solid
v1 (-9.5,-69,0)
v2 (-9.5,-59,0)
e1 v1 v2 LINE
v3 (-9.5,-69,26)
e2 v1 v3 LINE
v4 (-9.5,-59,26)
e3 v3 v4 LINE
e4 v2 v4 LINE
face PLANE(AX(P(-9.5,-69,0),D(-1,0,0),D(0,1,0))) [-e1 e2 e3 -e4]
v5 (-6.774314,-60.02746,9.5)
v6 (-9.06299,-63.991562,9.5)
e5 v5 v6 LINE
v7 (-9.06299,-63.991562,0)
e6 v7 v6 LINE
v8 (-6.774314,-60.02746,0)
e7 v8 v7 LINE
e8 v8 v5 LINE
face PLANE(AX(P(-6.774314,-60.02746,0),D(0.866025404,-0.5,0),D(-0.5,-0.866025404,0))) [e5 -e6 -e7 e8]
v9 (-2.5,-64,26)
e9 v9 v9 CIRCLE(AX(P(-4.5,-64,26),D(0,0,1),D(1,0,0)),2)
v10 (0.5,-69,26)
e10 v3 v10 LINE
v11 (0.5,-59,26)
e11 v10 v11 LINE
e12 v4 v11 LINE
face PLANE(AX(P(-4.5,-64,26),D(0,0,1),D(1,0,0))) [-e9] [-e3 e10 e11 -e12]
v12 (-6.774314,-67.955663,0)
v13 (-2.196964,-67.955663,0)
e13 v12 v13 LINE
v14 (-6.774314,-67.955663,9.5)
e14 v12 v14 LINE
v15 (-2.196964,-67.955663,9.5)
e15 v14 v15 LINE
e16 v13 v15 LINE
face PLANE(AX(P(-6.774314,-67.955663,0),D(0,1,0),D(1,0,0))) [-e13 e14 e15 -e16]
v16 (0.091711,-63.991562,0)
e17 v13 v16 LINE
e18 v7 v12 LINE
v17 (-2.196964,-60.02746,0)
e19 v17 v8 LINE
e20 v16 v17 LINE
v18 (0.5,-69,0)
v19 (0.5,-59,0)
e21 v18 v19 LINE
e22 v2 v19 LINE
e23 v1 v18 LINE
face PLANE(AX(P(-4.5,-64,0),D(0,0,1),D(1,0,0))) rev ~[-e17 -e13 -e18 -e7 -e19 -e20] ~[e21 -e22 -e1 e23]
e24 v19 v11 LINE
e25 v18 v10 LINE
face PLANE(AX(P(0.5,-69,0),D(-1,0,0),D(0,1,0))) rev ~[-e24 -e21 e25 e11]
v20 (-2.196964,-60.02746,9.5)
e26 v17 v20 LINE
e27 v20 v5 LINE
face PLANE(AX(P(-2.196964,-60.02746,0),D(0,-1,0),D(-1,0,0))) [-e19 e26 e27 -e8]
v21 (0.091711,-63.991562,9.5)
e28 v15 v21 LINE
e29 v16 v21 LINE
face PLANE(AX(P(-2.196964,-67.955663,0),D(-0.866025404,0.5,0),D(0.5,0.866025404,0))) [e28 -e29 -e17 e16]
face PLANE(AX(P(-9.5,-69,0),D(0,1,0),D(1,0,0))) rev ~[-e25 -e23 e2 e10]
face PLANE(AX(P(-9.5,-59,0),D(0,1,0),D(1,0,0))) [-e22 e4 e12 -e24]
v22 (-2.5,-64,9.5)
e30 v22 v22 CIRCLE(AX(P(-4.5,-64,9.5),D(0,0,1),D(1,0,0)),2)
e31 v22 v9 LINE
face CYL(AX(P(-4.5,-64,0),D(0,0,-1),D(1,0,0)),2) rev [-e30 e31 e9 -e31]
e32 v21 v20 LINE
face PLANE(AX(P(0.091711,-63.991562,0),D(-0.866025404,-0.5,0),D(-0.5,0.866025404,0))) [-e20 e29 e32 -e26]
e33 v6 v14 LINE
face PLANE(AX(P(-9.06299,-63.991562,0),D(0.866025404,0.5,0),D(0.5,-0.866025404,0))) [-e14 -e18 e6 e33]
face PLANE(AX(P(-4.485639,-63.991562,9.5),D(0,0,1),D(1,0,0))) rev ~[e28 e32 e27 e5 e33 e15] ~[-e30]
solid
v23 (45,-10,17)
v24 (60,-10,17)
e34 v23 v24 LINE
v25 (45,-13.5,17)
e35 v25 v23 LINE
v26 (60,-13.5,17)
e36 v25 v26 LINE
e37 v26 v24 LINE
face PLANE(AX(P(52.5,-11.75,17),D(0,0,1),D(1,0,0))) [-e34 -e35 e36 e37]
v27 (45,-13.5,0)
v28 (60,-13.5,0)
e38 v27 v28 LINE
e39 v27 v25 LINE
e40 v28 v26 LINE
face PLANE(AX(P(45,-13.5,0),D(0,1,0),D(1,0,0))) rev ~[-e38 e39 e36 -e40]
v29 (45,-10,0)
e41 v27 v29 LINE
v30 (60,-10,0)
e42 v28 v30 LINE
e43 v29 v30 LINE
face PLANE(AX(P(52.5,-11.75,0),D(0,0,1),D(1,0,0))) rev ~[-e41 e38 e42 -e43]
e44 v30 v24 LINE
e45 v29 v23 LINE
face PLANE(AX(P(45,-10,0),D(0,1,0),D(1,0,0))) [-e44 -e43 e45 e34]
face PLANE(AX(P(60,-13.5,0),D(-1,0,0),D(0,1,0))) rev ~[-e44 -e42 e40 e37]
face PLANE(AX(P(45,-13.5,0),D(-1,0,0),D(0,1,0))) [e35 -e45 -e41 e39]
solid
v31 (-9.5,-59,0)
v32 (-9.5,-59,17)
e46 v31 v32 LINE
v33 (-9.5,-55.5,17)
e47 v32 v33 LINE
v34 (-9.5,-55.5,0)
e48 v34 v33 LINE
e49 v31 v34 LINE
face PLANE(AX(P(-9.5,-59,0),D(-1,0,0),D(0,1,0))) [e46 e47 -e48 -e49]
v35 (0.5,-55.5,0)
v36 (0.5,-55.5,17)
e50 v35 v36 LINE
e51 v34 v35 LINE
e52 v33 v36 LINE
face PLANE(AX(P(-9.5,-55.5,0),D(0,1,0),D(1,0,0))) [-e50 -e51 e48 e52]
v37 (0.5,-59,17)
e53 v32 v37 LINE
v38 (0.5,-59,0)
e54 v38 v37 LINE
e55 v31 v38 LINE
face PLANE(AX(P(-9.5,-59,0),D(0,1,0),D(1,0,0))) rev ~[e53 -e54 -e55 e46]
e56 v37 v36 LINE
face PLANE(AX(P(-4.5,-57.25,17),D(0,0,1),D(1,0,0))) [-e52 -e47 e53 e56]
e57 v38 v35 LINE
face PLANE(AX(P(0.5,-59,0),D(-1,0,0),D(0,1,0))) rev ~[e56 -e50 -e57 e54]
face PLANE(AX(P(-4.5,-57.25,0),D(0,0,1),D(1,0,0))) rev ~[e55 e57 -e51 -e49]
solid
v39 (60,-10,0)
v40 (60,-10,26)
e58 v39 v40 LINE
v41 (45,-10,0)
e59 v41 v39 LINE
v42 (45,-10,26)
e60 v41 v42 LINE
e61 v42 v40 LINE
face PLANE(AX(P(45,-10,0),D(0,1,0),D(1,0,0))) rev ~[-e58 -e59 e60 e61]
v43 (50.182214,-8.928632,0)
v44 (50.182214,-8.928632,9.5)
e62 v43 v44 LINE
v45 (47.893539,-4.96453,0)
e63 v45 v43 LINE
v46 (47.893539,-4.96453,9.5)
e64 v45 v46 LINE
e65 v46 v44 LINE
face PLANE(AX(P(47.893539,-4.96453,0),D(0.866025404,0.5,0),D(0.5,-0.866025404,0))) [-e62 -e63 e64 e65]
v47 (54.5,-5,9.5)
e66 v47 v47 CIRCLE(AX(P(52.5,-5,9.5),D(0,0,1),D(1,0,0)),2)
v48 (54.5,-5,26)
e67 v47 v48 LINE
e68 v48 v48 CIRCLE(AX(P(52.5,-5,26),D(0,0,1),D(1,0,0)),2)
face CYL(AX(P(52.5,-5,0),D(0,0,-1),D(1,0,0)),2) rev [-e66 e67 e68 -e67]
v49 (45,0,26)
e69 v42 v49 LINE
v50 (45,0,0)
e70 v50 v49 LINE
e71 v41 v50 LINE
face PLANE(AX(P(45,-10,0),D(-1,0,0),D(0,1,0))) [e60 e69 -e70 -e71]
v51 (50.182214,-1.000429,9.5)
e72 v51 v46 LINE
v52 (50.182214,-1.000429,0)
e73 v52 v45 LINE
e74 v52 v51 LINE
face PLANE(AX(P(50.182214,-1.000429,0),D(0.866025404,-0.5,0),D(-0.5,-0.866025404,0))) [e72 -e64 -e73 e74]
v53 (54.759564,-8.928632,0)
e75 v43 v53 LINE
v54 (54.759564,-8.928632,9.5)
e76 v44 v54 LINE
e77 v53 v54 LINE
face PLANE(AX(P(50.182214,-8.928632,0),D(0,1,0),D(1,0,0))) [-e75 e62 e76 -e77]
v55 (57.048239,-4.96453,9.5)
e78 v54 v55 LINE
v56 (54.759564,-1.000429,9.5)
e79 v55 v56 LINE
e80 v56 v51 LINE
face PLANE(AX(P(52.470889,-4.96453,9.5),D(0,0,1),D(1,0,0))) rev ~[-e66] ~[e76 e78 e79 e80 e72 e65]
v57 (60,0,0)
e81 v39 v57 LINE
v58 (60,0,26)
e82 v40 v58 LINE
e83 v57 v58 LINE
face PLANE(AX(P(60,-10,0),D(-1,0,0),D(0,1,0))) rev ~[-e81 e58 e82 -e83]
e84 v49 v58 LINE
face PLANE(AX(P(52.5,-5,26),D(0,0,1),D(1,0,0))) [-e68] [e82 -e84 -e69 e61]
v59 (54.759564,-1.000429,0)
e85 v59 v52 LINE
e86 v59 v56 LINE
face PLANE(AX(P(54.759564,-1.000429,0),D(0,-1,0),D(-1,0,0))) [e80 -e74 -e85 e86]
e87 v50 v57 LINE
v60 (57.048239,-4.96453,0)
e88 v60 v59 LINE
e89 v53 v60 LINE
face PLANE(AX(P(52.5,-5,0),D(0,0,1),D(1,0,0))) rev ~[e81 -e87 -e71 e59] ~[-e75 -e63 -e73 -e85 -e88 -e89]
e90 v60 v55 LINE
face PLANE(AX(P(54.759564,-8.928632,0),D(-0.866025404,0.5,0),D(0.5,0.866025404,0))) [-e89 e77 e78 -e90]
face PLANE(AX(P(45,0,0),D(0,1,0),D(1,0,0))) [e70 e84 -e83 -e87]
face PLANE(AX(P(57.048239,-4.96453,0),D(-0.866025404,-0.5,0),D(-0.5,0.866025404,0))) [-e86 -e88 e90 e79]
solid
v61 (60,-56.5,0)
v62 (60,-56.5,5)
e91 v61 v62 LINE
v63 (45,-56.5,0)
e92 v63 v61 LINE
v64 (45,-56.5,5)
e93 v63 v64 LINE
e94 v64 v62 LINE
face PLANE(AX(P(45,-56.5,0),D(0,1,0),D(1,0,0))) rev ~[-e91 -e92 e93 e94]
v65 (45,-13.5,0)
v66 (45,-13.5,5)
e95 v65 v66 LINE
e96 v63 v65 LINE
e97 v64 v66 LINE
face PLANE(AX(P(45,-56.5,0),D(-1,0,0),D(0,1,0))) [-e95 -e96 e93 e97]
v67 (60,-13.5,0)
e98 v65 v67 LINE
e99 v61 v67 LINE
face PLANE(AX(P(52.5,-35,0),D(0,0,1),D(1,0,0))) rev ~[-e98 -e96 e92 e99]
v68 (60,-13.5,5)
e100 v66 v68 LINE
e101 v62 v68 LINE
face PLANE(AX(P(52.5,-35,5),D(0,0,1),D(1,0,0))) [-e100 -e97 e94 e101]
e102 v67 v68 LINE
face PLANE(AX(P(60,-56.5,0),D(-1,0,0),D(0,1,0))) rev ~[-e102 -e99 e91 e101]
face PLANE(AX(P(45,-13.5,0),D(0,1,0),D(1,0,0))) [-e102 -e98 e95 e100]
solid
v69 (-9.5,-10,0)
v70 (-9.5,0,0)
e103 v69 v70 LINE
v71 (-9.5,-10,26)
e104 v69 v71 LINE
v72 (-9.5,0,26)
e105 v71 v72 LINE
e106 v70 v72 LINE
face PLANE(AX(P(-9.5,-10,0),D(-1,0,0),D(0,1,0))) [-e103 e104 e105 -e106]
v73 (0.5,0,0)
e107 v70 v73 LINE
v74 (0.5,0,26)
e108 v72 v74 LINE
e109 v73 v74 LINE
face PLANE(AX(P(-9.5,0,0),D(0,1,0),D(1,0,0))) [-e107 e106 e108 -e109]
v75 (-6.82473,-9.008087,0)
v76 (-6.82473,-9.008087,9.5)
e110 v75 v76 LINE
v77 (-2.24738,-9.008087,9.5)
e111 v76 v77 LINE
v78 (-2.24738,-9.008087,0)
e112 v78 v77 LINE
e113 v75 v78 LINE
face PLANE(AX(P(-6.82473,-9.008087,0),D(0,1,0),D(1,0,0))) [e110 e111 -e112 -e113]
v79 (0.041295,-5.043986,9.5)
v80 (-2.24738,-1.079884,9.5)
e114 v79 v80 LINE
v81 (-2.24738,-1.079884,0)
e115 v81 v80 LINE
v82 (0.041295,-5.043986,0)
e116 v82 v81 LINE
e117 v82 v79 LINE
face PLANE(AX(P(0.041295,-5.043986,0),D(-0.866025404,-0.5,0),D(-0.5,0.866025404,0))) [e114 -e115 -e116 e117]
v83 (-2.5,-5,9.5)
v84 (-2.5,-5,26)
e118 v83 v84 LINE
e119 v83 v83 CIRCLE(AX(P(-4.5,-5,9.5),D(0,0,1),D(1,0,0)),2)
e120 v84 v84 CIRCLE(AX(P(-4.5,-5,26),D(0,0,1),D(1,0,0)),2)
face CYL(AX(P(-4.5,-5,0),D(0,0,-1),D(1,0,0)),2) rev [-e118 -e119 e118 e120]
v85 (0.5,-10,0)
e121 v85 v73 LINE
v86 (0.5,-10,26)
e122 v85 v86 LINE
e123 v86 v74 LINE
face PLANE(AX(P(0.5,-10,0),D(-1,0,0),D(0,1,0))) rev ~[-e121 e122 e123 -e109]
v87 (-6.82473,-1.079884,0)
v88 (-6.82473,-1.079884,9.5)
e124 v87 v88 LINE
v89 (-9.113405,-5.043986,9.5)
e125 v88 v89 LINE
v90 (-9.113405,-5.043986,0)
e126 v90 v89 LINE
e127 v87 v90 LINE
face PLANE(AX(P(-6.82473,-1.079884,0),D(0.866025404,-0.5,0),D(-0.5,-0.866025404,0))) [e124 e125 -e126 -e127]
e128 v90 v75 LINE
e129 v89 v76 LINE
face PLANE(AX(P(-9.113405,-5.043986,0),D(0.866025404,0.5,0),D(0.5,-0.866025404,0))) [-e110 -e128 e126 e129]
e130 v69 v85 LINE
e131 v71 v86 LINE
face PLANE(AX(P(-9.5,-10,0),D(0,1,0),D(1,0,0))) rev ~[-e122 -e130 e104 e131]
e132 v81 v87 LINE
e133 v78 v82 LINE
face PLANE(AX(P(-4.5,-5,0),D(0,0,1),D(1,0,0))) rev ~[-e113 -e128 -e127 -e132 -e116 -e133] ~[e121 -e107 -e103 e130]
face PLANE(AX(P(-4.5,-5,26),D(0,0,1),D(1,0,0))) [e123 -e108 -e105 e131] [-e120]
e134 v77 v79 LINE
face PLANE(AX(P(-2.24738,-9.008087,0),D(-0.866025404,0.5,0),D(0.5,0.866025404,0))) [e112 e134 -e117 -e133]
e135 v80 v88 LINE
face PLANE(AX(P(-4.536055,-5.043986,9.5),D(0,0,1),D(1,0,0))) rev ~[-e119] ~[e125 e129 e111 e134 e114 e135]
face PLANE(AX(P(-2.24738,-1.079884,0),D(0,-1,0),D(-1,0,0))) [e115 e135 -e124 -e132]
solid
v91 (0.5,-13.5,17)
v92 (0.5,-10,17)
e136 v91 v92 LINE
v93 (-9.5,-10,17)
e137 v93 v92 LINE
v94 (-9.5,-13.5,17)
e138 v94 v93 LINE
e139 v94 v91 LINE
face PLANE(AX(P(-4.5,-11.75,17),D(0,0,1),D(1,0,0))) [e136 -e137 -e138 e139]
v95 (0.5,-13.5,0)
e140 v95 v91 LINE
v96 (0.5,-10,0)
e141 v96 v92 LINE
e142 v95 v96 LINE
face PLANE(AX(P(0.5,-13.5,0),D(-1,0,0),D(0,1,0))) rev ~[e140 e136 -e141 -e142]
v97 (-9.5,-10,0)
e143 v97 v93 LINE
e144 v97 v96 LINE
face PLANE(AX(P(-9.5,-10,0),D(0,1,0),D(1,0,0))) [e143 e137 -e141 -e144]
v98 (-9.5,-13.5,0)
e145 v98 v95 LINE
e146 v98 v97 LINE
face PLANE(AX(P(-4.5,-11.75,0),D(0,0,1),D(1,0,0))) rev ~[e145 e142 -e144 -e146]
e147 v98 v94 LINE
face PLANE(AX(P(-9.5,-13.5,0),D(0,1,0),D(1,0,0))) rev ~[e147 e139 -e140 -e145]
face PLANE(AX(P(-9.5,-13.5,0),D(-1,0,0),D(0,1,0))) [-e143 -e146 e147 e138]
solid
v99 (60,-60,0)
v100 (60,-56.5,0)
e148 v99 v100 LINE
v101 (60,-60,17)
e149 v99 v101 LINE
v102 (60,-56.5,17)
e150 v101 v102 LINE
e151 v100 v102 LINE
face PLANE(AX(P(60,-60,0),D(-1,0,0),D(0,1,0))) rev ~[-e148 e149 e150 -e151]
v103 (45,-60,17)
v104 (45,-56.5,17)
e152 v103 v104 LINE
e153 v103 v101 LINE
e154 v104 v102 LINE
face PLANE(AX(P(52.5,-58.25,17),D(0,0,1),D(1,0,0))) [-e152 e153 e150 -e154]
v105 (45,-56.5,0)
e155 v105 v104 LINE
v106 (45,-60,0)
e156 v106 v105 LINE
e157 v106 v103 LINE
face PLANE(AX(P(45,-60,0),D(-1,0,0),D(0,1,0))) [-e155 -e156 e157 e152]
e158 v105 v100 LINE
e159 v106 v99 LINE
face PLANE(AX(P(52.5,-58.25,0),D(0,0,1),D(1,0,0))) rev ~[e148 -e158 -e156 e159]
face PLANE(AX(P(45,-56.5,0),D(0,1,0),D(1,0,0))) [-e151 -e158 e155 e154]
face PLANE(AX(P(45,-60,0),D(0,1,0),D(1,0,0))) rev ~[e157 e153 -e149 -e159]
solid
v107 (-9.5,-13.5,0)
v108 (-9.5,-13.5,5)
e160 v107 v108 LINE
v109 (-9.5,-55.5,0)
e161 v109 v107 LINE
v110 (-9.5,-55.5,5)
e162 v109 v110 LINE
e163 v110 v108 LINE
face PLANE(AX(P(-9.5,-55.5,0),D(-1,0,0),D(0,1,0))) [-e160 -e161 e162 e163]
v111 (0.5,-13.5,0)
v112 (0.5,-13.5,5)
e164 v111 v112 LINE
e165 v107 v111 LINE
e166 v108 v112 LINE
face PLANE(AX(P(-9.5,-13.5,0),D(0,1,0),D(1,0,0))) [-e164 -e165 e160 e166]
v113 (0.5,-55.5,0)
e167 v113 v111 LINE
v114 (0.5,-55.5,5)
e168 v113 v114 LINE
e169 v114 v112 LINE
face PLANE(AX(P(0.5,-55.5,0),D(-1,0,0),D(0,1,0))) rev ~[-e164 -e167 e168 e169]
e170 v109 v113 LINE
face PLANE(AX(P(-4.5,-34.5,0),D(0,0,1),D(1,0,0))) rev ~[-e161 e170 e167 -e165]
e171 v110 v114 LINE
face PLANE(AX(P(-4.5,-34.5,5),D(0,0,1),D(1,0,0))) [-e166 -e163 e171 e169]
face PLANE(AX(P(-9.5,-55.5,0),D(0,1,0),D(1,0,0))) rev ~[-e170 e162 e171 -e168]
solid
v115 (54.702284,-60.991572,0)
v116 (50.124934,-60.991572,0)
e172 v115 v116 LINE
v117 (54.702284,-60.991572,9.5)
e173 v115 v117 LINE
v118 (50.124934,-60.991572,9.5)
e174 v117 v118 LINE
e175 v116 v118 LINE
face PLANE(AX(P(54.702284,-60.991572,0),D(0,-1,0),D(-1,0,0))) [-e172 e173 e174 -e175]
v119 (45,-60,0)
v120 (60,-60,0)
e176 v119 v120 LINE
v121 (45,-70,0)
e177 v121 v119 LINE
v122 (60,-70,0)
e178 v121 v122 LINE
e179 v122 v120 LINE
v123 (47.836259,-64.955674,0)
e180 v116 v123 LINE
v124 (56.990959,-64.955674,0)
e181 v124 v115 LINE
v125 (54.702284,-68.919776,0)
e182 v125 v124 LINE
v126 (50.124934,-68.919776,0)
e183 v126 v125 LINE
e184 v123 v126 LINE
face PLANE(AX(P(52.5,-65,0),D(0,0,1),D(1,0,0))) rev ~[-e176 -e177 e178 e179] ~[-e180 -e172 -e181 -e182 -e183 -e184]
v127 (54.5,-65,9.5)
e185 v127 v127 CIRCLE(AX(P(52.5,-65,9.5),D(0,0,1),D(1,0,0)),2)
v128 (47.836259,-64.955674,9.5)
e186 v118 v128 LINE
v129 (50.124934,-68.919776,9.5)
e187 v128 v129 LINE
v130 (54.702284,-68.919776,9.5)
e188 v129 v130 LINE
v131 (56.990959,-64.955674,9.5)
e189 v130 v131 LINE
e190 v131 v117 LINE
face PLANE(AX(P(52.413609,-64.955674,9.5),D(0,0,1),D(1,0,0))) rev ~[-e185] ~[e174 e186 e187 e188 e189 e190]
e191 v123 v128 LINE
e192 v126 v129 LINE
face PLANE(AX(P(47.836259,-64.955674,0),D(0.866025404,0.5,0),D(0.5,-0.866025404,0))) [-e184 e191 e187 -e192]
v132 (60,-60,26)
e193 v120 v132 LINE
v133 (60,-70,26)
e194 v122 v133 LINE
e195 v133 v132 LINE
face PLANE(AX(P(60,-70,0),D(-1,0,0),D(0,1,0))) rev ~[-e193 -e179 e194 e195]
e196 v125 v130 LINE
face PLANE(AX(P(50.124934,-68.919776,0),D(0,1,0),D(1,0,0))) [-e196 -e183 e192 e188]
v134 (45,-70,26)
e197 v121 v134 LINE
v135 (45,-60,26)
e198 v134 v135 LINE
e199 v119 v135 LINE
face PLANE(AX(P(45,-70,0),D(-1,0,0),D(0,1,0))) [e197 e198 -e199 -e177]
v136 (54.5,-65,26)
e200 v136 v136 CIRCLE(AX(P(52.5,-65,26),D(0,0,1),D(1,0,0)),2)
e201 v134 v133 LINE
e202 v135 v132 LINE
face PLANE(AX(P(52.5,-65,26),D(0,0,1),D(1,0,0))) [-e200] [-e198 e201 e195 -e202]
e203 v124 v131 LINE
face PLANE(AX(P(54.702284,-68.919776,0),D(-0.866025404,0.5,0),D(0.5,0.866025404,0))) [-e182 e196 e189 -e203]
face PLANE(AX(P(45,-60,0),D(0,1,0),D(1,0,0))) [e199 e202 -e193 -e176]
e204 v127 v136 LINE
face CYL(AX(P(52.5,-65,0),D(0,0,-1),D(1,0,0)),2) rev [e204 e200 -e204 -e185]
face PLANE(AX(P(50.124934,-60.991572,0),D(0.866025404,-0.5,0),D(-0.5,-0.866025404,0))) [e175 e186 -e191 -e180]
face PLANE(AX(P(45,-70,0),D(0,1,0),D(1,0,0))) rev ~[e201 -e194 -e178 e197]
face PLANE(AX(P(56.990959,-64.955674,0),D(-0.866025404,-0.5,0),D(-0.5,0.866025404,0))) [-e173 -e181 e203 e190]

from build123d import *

# Parameters (mm, degrees)
F0_W     = 15
F0_H     = 43
F1_DEPTH = 5
F0_W_2   = 10
F0_H_2   = 42
F0_H_3   = 3.5
F2_DEPTH = 17
F0_H_4   = 10
F0_R     = 2
F3_DEPTH = 26
F4_DEPTH = 9.5


with BuildPart() as f1:
    # F0 (on Top) → F1 (new body)
    with BuildSketch(Plane.XY):
        with Locations((52.5, -35)):
            Rectangle(F0_W, F0_H)
    extrude(amount=F1_DEPTH)


with BuildPart() as f1b:
    # F0 (on Top) → F1, piece 2 (new body)
    with BuildSketch(Plane.XY):
        with Locations((-4.5, -34.5)):
            Rectangle(F0_W_2, F0_H_2)
    extrude(amount=F1_DEPTH)


with BuildPart() as f2:
    # F0 (on Top) → F2 (new body)
    with BuildSketch(Plane.XY):
        with Locations((-4.5, -57.25)):
            Rectangle(F0_W_2, F0_H_3)
    extrude(amount=F2_DEPTH)


with BuildPart() as f2b:
    # F0 (on Top) → F2, piece 2 (new body)
    with BuildSketch(Plane.XY):
        with Locations((-4.5, -11.75)):
            Rectangle(F0_W_2, F0_H_3)
    extrude(amount=F2_DEPTH)


with BuildPart() as f2c:
    # F0 (on Top) → F2, piece 3 (new body)
    with BuildSketch(Plane.XY):
        with Locations((52.5, -11.75)):
            Rectangle(F0_W, F0_H_3)
    extrude(amount=F2_DEPTH)


with BuildPart() as f2d:
    # F0 (on Top) → F2, piece 4 (new body)
    with BuildSketch(Plane.XY):
        with Locations((52.5, -58.25)):
            Rectangle(F0_W, F0_H_3)
    extrude(amount=F2_DEPTH)


with BuildPart() as f3:
    # F0 (on Top) → F3 (new body)
    with BuildSketch(Plane.XY):
        with Locations((52.5, -65)):
            Rectangle(F0_W, F0_H_4)
        Polygon((54.7022840134, -60.9915724967), (56.990959148, -64.9556741118), (54.7022840134, -68.919775727), (50.1249337443, -68.919775727), (47.8362586097, -64.9556741118), (50.1249337443, -60.9915724967), align=None, mode=Mode.SUBTRACT)
        Polygon((54.7022840134, -68.919775727), (56.990959148, -64.9556741118), (54.7022840134, -60.9915724967), (50.1249337443, -60.9915724967), (47.8362586097, -64.9556741118), (50.1249337443, -68.919775727), align=None)
        with Locations((52.5, -65)):
            Circle(F0_R, mode=Mode.SUBTRACT)
    extrude(amount=F3_DEPTH)


with BuildPart() as f3b:
    # F0 (on Top) → F3, piece 2 (new body)
    with BuildSketch(Plane.XY):
        with Locations((-4.5, -64)):
            Rectangle(F0_W_2, F0_H_4)
        Polygon((-2.1969641433, -60.0274599169), (0.0917109913, -63.991561532), (-2.1969641433, -67.9556631472), (-6.7743144124, -67.9556631472), (-9.062989547, -63.991561532), (-6.7743144124, -60.0274599169), align=None, mode=Mode.SUBTRACT)
        Polygon((-2.1969641433, -67.9556631472), (0.0917109913, -63.991561532), (-2.1969641433, -60.0274599169), (-6.7743144124, -60.0274599169), (-9.062989547, -63.991561532), (-6.7743144124, -67.9556631472), align=None)
        with Locations((-4.5, -64)):
            Circle(F0_R, mode=Mode.SUBTRACT)
    extrude(amount=F3_DEPTH)


with BuildPart() as f3c:
    # F0 (on Top) → F3, piece 3 (new body)
    with BuildSketch(Plane.XY):
        with Locations((-4.5, -5)):
            Rectangle(F0_W_2, F0_H_4)
        Polygon((-2.2473798938, -1.0798841726), (0.0412952408, -5.0439857878), (-2.2473798938, -9.0080874029), (-6.824730163, -9.0080874029), (-9.1134052976, -5.0439857878), (-6.824730163, -1.0798841726), align=None, mode=Mode.SUBTRACT)
        Polygon((-2.2473798938, -9.0080874029), (0.0412952408, -5.0439857878), (-2.2473798938, -1.0798841726), (-6.824730163, -1.0798841726), (-9.1134052976, -5.0439857878), (-6.824730163, -9.0080874029), align=None)
        with Locations((-4.5, -5)):
            Circle(F0_R, mode=Mode.SUBTRACT)
    extrude(amount=F3_DEPTH)


with BuildPart() as f3d:
    # F0 (on Top) → F3, piece 4 (new body)
    with BuildSketch(Plane.XY):
        with Locations((52.5, -5)):
            Rectangle(F0_W, F0_H_4)
        Polygon((54.7595640771, -1.0004288528), (57.0482392117, -4.964530468), (54.7595640771, -8.9286320831), (50.1822138079, -8.9286320831), (47.8935386733, -4.964530468), (50.1822138079, -1.0004288528), align=None, mode=Mode.SUBTRACT)
        Polygon((54.7595640771, -8.9286320831), (57.0482392117, -4.964530468), (54.7595640771, -1.0004288528), (50.1822138079, -1.0004288528), (47.8935386733, -4.964530468), (50.1822138079, -8.9286320831), align=None)
        with Locations((52.5, -5)):
            Circle(F0_R, mode=Mode.SUBTRACT)
    extrude(amount=F3_DEPTH)


with BuildPart() as f4_tool:
    # F0 (on Top) → F4 (new body)
    with BuildSketch(Plane.XY):
        Polygon((54.7022840134, -68.919775727), (56.990959148, -64.9556741118), (54.7022840134, -60.9915724967), (50.1249337443, -60.9915724967), (47.8362586097, -64.9556741118), (50.1249337443, -68.919775727), align=None)
        with Locations((52.5, -65)):
            Circle(F0_R, mode=Mode.SUBTRACT)
        Polygon((54.7595640771, -8.9286320831), (57.0482392117, -4.964530468), (54.7595640771, -1.0004288528), (50.1822138079, -1.0004288528), (47.8935386733, -4.964530468), (50.1822138079, -8.9286320831), align=None)
        with Locations((52.5, -5)):
            Circle(F0_R, mode=Mode.SUBTRACT)
        Polygon((-2.1969641433, -67.9556631472), (0.0917109913, -63.991561532), (-2.1969641433, -60.0274599169), (-6.7743144124, -60.0274599169), (-9.062989547, -63.991561532), (-6.7743144124, -67.9556631472), align=None)
        with Locations((-4.5, -64)):
            Circle(F0_R, mode=Mode.SUBTRACT)
        Polygon((-2.2473798938, -9.0080874029), (0.0412952408, -5.0439857878), (-2.2473798938, -1.0798841726), (-6.824730163, -1.0798841726), (-9.1134052976, -5.0439857878), (-6.824730163, -9.0080874029), align=None)
        with Locations((-4.5, -5)):
            Circle(F0_R, mode=Mode.SUBTRACT)
    extrude(amount=F4_DEPTH)


with BuildPart() as f3_1:
    add(f3.part)

    # F4: cut by f4_tool
    add(f4_tool.part, mode=Mode.SUBTRACT)


with BuildPart() as f3b_1:
    add(f3b.part)

    # F4: cut by f4_tool
    add(f4_tool.part, mode=Mode.SUBTRACT)


with BuildPart() as f3c_1:
    add(f3c.part)

    # F4: cut by f4_tool
    add(f4_tool.part, mode=Mode.SUBTRACT)


with BuildPart() as f3d_1:
    add(f3d.part)

    # F4: cut by f4_tool
    add(f4_tool.part, mode=Mode.SUBTRACT)


solid = Compound([f1.part, f1b.part, f2.part, f2b.part, f2c.part, f2d.part, f3_1.part, f3b_1.part, f3c_1.part, f3d_1.part])
